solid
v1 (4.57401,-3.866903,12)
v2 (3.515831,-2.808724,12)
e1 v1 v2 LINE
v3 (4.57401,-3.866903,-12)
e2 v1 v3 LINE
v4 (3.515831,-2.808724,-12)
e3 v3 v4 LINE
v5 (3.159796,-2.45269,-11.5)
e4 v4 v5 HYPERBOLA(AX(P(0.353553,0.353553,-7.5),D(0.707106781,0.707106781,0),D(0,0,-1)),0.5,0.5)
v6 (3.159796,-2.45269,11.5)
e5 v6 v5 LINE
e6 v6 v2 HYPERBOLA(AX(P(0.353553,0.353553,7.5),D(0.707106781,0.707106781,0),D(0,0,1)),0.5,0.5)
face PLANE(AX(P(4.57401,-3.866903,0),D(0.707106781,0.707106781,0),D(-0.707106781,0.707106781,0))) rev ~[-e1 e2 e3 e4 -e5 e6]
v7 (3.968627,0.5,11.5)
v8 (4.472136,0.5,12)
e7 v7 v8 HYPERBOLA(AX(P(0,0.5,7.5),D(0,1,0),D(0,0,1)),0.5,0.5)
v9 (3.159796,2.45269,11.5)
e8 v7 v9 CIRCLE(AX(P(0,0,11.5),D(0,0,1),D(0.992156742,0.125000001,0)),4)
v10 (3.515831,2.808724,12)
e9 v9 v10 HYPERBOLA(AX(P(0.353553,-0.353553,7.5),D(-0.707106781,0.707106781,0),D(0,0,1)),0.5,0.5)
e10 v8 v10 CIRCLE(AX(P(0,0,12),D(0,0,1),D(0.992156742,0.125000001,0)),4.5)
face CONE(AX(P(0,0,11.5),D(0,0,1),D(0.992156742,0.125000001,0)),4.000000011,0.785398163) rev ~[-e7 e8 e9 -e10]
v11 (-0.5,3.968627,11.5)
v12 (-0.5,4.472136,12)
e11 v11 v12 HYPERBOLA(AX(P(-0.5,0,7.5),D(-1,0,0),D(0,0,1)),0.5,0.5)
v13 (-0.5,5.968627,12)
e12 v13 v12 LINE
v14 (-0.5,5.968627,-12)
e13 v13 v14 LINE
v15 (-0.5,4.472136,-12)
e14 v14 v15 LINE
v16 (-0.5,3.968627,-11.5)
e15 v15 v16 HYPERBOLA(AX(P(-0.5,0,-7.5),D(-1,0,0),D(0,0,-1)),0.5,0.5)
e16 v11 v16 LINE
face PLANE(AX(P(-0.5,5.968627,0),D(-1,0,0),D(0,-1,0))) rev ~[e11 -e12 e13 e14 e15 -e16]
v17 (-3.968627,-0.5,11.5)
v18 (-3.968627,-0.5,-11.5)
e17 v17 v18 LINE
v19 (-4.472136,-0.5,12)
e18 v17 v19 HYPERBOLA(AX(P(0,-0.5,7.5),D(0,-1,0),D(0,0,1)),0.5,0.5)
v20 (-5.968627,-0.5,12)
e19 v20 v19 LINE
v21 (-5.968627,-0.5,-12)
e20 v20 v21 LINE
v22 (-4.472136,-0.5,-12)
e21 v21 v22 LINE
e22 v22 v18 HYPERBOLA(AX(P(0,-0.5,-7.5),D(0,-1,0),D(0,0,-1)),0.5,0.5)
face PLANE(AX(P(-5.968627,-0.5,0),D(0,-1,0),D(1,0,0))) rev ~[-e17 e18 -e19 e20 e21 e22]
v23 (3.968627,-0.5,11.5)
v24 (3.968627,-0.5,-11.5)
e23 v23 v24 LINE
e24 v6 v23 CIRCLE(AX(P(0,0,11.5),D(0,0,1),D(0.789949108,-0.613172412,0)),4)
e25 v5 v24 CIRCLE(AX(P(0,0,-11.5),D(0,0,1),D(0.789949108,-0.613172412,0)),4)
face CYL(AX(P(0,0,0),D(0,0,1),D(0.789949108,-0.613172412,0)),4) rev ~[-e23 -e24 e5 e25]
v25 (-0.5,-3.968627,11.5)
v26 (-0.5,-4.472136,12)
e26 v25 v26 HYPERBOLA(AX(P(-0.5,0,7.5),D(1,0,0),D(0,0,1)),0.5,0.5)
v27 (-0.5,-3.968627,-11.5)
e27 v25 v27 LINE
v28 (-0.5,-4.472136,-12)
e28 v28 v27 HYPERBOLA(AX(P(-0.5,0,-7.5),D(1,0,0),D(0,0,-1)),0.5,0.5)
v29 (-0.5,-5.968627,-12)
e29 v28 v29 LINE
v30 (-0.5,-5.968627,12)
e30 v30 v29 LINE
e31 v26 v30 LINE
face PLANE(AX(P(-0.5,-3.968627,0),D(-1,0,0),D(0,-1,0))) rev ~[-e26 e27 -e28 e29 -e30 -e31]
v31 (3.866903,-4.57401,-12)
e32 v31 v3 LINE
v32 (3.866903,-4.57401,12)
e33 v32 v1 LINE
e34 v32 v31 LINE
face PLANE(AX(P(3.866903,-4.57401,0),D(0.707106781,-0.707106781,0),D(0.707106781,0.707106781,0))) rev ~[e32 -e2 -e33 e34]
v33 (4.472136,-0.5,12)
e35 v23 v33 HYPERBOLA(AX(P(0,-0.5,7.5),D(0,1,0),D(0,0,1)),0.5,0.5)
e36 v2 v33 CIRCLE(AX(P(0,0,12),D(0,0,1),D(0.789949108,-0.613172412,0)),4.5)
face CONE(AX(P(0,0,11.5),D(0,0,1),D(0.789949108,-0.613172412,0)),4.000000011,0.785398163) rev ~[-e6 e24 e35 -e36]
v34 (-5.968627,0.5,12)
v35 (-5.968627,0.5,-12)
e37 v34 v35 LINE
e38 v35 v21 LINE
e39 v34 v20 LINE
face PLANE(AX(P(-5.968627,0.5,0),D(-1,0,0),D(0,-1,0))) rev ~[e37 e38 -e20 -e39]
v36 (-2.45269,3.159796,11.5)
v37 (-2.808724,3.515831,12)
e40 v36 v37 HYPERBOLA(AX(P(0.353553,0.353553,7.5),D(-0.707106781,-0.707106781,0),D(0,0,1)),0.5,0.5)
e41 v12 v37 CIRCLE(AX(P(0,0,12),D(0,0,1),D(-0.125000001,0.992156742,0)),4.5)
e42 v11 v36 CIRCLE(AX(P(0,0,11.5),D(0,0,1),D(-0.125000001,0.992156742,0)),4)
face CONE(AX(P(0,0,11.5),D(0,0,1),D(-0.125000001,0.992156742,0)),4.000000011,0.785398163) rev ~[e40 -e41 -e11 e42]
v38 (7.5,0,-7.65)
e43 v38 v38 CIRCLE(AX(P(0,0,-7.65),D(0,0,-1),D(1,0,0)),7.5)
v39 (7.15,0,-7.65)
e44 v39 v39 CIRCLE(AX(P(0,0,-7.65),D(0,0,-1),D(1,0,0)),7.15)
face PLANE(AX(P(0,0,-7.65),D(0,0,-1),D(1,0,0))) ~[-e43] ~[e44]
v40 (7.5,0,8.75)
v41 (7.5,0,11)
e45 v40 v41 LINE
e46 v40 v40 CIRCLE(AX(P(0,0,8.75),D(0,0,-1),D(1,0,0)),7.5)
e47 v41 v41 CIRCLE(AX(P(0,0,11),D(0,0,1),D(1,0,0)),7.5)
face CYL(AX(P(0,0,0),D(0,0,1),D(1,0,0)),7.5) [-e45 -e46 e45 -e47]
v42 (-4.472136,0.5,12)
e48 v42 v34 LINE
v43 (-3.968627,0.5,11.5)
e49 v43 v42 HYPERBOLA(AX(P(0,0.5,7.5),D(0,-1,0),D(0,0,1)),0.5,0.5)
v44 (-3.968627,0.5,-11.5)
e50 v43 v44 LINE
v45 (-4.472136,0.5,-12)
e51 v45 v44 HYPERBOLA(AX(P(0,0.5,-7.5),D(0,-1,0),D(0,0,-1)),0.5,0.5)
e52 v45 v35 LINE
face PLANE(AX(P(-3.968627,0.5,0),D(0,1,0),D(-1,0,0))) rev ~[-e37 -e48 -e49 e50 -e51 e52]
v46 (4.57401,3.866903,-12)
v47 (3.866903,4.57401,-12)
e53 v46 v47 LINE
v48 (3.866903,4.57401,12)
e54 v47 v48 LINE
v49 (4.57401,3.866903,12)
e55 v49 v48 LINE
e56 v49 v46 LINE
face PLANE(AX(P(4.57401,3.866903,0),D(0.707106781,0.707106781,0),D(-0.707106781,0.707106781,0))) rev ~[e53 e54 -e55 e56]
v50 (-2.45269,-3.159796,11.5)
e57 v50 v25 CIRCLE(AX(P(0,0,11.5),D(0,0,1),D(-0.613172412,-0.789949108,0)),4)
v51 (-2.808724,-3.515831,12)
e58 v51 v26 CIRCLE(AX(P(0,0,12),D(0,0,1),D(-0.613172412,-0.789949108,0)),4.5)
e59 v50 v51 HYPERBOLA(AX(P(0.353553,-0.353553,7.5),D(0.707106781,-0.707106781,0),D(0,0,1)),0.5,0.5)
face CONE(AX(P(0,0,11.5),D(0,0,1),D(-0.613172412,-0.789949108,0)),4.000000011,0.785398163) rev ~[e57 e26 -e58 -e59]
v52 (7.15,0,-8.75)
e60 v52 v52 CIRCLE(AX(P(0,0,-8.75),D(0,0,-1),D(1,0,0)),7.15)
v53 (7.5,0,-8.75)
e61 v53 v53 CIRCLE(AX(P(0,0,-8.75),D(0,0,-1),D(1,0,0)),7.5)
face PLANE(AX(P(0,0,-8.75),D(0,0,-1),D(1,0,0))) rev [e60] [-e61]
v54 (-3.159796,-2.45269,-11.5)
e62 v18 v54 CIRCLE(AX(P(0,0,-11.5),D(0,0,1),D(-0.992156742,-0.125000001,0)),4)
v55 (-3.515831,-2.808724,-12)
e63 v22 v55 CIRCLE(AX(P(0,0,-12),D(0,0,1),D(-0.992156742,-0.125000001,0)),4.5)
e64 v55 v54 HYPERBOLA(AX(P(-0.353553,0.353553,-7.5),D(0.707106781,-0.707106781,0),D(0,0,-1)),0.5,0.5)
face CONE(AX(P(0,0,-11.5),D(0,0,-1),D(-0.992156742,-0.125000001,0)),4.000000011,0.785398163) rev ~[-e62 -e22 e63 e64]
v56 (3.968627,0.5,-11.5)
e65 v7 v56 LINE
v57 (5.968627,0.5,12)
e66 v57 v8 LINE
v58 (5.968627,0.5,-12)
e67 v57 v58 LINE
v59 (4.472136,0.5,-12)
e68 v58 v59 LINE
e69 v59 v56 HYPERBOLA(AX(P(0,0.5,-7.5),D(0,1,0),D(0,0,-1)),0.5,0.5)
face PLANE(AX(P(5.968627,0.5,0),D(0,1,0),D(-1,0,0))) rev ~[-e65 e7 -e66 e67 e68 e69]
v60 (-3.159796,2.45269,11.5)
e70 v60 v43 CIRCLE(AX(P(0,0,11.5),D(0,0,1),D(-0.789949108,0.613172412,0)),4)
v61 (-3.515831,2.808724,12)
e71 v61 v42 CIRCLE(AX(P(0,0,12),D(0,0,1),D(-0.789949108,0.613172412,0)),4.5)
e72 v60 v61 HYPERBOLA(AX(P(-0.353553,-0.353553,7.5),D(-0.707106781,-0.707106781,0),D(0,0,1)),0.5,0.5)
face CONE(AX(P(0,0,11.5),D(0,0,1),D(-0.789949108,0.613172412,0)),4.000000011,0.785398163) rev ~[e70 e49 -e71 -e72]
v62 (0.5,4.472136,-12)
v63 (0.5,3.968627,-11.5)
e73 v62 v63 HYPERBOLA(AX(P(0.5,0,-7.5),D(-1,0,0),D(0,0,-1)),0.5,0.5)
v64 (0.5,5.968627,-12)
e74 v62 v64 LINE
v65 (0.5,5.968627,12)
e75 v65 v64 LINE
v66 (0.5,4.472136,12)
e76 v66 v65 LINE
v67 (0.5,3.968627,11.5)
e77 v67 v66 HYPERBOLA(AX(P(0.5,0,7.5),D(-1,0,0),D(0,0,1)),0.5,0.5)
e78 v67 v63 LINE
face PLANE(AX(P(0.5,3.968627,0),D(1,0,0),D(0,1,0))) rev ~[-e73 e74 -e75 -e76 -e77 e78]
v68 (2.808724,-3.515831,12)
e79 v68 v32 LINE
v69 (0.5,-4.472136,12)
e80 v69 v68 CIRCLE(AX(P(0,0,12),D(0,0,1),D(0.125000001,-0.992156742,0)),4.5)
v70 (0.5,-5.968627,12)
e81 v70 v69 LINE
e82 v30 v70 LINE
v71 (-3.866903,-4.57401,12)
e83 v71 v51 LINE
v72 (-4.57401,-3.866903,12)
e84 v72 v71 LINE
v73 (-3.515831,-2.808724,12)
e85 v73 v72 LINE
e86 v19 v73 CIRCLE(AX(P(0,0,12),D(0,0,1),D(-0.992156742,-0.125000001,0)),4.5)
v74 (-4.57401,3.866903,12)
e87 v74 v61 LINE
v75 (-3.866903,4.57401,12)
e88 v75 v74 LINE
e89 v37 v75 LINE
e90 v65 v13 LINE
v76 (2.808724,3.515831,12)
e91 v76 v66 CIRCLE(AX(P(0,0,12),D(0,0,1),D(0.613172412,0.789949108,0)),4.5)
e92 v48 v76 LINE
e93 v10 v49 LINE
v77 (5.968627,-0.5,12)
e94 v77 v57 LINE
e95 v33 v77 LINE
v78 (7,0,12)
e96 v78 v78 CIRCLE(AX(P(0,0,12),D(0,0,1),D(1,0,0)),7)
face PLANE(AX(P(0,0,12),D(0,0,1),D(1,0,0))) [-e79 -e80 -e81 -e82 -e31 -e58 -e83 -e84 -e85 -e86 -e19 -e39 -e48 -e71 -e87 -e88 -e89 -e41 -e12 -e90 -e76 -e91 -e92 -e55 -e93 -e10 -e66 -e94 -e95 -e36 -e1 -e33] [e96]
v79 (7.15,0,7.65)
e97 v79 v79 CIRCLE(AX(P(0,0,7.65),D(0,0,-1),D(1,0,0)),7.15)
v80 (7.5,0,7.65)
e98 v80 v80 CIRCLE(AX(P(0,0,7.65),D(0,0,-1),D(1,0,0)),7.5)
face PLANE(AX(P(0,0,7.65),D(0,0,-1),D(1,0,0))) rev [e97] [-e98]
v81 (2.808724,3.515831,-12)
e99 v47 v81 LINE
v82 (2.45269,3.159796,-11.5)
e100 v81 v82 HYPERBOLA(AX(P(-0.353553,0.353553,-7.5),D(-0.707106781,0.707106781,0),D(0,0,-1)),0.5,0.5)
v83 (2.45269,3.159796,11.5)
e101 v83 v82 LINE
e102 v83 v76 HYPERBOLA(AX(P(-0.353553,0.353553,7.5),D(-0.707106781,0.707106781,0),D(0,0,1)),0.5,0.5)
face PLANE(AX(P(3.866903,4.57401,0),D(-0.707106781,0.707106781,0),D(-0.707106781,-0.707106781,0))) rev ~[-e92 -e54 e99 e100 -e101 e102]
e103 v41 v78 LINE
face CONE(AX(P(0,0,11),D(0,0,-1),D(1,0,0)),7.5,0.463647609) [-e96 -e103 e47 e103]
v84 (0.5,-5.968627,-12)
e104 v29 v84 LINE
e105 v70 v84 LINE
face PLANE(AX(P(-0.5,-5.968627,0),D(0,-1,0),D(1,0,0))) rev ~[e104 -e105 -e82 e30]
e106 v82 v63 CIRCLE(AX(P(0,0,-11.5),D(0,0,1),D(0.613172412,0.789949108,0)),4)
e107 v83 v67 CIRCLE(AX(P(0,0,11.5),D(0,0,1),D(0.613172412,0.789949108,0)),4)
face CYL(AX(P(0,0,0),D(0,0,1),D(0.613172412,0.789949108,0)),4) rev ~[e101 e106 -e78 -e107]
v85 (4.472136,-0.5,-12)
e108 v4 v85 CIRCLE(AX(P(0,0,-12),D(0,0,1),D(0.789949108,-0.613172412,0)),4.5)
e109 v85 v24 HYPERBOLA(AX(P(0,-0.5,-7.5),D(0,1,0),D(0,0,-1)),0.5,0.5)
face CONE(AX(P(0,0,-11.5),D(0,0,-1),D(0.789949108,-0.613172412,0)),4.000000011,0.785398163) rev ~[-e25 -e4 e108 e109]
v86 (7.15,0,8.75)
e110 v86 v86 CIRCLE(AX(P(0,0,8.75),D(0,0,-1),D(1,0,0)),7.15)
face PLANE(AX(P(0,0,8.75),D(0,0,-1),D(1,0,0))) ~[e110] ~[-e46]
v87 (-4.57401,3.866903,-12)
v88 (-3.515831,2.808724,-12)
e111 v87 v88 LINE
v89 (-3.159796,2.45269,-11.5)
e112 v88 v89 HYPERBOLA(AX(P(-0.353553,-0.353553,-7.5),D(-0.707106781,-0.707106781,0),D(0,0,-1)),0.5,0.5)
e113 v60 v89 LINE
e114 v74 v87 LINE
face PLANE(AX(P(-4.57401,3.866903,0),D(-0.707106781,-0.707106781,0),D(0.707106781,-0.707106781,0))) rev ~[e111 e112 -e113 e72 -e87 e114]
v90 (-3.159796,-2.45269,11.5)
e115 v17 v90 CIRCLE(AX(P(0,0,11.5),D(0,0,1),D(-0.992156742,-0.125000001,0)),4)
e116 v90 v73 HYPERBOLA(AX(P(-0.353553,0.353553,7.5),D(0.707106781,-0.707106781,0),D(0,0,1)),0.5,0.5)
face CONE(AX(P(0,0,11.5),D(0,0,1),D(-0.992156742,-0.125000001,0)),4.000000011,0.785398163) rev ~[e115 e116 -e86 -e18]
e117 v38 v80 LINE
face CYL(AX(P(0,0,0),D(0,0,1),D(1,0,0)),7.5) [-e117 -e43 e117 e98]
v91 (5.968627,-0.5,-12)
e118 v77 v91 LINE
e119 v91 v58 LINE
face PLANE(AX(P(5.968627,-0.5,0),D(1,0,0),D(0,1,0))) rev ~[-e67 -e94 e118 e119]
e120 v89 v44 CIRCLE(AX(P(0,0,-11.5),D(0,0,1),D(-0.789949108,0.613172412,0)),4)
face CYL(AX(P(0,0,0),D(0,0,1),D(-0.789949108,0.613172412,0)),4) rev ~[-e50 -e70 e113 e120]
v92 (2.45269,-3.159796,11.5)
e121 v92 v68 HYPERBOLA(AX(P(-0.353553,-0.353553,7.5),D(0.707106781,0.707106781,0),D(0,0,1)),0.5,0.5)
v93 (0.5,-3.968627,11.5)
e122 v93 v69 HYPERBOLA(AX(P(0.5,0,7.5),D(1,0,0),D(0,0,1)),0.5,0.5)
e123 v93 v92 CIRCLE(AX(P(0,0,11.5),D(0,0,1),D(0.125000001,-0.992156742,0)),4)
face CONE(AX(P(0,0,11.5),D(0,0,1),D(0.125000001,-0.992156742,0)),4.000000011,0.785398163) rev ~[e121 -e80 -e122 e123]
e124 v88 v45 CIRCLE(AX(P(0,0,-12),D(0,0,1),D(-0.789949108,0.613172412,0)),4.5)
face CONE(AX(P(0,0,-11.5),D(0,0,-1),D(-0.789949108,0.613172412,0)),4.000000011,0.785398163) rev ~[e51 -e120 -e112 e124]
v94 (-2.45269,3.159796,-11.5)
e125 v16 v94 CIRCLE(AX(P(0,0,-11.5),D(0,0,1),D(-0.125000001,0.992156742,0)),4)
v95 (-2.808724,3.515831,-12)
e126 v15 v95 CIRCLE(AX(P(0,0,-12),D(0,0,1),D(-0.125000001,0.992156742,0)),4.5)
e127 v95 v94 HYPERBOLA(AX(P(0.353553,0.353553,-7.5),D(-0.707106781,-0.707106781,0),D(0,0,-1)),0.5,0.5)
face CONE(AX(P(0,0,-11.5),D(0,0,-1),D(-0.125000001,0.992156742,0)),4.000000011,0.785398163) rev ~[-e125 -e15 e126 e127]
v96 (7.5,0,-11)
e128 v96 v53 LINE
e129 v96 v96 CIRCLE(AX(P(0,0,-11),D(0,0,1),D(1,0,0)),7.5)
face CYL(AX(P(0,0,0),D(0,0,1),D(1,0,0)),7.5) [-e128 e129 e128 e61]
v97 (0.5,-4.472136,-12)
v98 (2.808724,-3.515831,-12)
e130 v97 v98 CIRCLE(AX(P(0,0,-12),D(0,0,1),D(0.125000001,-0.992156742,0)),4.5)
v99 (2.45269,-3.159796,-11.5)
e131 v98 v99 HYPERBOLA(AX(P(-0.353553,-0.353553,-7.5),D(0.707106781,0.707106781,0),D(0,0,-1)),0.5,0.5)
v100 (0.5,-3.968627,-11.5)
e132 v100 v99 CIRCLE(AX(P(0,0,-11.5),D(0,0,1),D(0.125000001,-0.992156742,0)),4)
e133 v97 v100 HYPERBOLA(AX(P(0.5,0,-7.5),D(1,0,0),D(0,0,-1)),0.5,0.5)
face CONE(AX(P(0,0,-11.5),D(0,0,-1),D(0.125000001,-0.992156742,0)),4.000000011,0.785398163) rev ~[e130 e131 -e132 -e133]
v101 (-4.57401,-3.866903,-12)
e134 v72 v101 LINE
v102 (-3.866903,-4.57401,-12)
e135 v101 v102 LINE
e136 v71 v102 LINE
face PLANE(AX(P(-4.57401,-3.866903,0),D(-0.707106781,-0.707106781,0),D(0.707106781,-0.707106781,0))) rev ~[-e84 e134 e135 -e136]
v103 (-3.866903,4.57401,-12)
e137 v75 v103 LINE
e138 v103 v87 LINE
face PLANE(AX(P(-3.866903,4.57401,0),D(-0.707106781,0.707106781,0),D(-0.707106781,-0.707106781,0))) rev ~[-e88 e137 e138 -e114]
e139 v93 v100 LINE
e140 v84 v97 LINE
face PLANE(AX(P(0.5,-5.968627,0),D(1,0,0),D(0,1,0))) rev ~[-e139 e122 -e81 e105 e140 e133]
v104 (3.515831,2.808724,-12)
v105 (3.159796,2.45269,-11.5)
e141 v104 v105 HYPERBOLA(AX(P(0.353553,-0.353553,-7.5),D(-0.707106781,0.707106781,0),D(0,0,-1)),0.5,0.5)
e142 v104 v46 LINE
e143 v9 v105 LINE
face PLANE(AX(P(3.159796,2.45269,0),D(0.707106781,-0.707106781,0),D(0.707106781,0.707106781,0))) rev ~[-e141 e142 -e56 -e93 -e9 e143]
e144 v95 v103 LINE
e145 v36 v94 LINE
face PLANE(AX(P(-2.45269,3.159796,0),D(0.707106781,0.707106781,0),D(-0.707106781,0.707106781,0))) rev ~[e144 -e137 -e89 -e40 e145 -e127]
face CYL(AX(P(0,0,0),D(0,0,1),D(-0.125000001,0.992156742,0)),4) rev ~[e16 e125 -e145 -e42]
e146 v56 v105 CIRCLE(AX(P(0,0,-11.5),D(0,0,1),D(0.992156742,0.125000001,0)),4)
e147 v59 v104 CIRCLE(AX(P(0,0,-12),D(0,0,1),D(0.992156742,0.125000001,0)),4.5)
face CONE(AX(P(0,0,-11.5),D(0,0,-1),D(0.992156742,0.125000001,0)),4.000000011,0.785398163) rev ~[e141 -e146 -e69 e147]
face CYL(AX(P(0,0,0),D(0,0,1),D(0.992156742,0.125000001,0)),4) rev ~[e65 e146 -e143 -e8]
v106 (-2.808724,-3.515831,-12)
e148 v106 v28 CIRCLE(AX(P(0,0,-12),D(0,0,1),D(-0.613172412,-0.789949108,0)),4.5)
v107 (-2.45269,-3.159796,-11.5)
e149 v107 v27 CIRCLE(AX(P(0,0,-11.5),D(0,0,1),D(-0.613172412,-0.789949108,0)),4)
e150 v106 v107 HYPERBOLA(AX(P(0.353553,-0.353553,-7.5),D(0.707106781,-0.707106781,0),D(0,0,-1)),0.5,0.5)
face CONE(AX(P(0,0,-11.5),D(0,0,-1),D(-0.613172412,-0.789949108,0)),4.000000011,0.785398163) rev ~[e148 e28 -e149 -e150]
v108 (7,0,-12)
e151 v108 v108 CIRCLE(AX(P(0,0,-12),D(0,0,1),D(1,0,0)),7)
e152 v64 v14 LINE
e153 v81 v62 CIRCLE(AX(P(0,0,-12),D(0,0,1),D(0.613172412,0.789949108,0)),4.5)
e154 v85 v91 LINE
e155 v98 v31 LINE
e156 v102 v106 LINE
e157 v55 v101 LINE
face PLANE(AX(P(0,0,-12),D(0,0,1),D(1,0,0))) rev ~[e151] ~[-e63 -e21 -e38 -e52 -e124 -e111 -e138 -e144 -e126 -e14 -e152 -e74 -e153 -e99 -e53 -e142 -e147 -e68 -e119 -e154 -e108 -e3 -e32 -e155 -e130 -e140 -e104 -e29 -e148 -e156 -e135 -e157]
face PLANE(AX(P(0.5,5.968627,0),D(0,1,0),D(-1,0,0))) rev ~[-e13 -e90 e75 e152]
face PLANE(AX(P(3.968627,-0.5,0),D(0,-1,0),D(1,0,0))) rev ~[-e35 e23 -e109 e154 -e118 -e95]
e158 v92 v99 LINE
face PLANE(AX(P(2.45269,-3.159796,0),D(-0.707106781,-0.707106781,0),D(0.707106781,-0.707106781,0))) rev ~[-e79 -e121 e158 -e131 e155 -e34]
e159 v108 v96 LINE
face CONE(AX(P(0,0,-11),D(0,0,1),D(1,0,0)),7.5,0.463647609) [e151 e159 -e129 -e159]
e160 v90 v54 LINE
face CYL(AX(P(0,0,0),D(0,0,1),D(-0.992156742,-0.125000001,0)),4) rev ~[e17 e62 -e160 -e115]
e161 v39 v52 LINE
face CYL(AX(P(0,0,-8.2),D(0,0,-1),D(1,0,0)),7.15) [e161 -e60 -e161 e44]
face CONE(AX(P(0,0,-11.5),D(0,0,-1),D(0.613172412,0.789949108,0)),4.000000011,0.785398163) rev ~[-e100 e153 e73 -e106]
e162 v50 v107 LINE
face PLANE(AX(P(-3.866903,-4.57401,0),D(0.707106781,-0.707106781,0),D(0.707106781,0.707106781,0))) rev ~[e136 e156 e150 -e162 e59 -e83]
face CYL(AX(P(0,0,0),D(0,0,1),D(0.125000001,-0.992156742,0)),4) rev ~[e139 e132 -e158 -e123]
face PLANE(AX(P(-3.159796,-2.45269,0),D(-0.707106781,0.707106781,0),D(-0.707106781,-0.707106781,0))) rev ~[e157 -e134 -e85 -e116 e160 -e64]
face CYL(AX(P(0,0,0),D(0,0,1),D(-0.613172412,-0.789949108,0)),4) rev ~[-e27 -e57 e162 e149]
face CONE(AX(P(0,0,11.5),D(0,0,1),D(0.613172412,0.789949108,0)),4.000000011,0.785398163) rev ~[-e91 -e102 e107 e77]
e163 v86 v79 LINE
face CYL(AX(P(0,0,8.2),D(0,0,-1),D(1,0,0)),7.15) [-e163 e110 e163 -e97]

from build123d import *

# Parameters (mm, degrees)
ESQUISSE1_R        = 7.5
BOSS_EXTRU_1_DEPTH = 12
ESQUISSE2_W        = 1.1
ESQUISSE2_H        = 0.35
CHANFREIN1_SIZE    = 1
CHANFREIN1_SIZE2   = 0.5
CHANFREIN2_SIZE    = 0.5
CHANFREIN2_SIZE2   = 1
CHANFREIN3_SIZE    = 0.5


with BuildPart() as part:
    # Esquisse1 → Boss.-Extru.1 (new, symmetric)
    with BuildSketch(Plane.XY):
        Circle(ESQUISSE1_R)
        with BuildLine():
            Line((3.866903212, 4.574009993), (2.452689649, 3.159796431))
            ThreePointArc((2.452689649, 3.159796431), (1.530733729, 3.69551813), (0.5, 3.968626967))
            Line((0.5, 3.968626967), (0.5, 5.968626967))
            Line((0.5, 5.968626967), (-0.5, 5.968626967))
            Line((-0.5, 5.968626967), (-0.5, 3.968626967))
            ThreePointArc((-0.5, 3.968626967), (-1.530733729, 3.69551813), (-2.452689649, 3.159796431))
            Line((-2.452689649, 3.159796431), (-3.866903212, 4.574009993))
            Line((-3.866903212, 4.574009993), (-4.574009993, 3.866903212))
            Line((-4.574009993, 3.866903212), (-3.159796431, 2.452689649))
            ThreePointArc((-3.159796431, 2.452689649), (-3.69551813, 1.530733729), (-3.968626967, 0.5))
            Line((-3.968626967, 0.5), (-5.968626967, 0.5))
            Line((-5.968626967, 0.5), (-5.968626967, -0.5))
            Line((-5.968626967, -0.5), (-3.968626967, -0.5))
            ThreePointArc((-3.968626967, -0.5), (-3.69551813, -1.530733729), (-3.159796431, -2.452689649))
            Line((-3.159796431, -2.452689649), (-4.574009993, -3.866903212))
            Line((-4.574009993, -3.866903212), (-3.866903212, -4.574009993))
            Line((-3.866903212, -4.574009993), (-2.452689649, -3.159796431))
            ThreePointArc((-2.452689649, -3.159796431), (-1.530733729, -3.69551813), (-0.5, -3.968626967))
            Line((-0.5, -3.968626967), (-0.5, -5.968626967))
            Line((-0.5, -5.968626967), (0.5, -5.968626967))
            Line((0.5, -5.968626967), (0.5, -3.968626967))
            ThreePointArc((0.5, -3.968626967), (1.530733729, -3.69551813), (2.452689649, -3.159796431))
            Line((2.452689649, -3.159796431), (3.866903212, -4.574009993))
            Line((3.866903212, -4.574009993), (4.574009993, -3.866903212))
            Line((4.574009993, -3.866903212), (3.159796431, -2.452689649))
            ThreePointArc((3.159796431, -2.452689649), (3.69551813, -1.530733729), (3.968626967, -0.5))
            Line((3.968626967, -0.5), (5.968626967, -0.5))
            Line((5.968626967, -0.5), (5.968626967, 0.5))
            Line((5.968626967, 0.5), (3.968626967, 0.5))
            ThreePointArc((3.968626967, 0.5), (3.69551813, 1.530733729), (3.159796431, 2.452689649))
            Line((3.159796431, 2.452689649), (4.574009993, 3.866903212))
            Line((4.574009993, 3.866903212), (3.866903212, 4.574009993))
        make_face(mode=Mode.SUBTRACT)
    extrude(amount=BOSS_EXTRU_1_DEPTH, both=True)

    # Esquisse2 → Enlèvement de matière-Révolution1 (revolve, cut)
    with BuildSketch(Plane(origin=(0, 0, 0), x_dir=(0, 0, -1), z_dir=(1, 0, 0)), mode=Mode.PRIVATE) as enl_vement_de_mati_re_r_volution1_sk:
        with Locations((-8.2, 7.325)):
            Rectangle(ESQUISSE2_W, ESQUISSE2_H)
        with Locations((8.2, 7.325)):
            Rectangle(ESQUISSE2_W, ESQUISSE2_H)
    revolve(enl_vement_de_mati_re_r_volution1_sk.sketch.rotate(Axis((0, 0, 12), (0, 0, -1)), 90), axis=Axis((0, 0, 12), (0, 0, -1)), mode=Mode.SUBTRACT)

    # Chanfrein1
    chanfrein1_edges = [part.edges().sort_by_distance(p)[0] for p in [
        (-7.5, 0, 12),
    ]]
    chanfrein1_side = [part.faces().sort_by_distance(p)[0] for p in [
        (-7.5, 0, 10.375),
    ]]
    chamfer(chanfrein1_edges, length=CHANFREIN1_SIZE, length2=CHANFREIN1_SIZE2, reference=chanfrein1_side[0])

    # Chanfrein2
    chanfrein2_edges = [part.edges().sort_by_distance(p)[0] for p in [
        (-7.5, 0, -12),
    ]]
    chanfrein2_side = [part.faces().sort_by_distance(p)[0] for p in [
        (-7.287867966, 0, -12),
    ]]
    chamfer(chanfrein2_edges, length=CHANFREIN2_SIZE, length2=CHANFREIN2_SIZE2, reference=chanfrein2_side[0])

    # Chanfrein3
    chanfrein3_edges = [part.edges().sort_by_distance(p)[0] for p in [
        (-1.530733729, 3.69551813, -12),
        (-3.69551813, 1.530733729, -12),
        (-3.69551813, -1.530733729, -12),
        (-1.530733729, -3.69551813, -12),
        (1.530733729, -3.69551813, -12),
        (3.69551813, -1.530733729, -12),
        (3.69551813, 1.530733729, -12),
        (1.530733729, 3.69551813, -12),
        (-1.530733729, 3.69551813, 12),
        (-3.69551813, 1.530733729, 12),
        (-3.69551813, -1.530733729, 12),
        (-1.530733729, -3.69551813, 12),
        (1.530733729, -3.69551813, 12),
        (3.69551813, -1.530733729, 12),
        (3.69551813, 1.530733729, 12),
        (1.530733729, 3.69551813, 12),
    ]]
    chamfer(chanfrein3_edges, length=CHANFREIN3_SIZE)


solid = part.part
